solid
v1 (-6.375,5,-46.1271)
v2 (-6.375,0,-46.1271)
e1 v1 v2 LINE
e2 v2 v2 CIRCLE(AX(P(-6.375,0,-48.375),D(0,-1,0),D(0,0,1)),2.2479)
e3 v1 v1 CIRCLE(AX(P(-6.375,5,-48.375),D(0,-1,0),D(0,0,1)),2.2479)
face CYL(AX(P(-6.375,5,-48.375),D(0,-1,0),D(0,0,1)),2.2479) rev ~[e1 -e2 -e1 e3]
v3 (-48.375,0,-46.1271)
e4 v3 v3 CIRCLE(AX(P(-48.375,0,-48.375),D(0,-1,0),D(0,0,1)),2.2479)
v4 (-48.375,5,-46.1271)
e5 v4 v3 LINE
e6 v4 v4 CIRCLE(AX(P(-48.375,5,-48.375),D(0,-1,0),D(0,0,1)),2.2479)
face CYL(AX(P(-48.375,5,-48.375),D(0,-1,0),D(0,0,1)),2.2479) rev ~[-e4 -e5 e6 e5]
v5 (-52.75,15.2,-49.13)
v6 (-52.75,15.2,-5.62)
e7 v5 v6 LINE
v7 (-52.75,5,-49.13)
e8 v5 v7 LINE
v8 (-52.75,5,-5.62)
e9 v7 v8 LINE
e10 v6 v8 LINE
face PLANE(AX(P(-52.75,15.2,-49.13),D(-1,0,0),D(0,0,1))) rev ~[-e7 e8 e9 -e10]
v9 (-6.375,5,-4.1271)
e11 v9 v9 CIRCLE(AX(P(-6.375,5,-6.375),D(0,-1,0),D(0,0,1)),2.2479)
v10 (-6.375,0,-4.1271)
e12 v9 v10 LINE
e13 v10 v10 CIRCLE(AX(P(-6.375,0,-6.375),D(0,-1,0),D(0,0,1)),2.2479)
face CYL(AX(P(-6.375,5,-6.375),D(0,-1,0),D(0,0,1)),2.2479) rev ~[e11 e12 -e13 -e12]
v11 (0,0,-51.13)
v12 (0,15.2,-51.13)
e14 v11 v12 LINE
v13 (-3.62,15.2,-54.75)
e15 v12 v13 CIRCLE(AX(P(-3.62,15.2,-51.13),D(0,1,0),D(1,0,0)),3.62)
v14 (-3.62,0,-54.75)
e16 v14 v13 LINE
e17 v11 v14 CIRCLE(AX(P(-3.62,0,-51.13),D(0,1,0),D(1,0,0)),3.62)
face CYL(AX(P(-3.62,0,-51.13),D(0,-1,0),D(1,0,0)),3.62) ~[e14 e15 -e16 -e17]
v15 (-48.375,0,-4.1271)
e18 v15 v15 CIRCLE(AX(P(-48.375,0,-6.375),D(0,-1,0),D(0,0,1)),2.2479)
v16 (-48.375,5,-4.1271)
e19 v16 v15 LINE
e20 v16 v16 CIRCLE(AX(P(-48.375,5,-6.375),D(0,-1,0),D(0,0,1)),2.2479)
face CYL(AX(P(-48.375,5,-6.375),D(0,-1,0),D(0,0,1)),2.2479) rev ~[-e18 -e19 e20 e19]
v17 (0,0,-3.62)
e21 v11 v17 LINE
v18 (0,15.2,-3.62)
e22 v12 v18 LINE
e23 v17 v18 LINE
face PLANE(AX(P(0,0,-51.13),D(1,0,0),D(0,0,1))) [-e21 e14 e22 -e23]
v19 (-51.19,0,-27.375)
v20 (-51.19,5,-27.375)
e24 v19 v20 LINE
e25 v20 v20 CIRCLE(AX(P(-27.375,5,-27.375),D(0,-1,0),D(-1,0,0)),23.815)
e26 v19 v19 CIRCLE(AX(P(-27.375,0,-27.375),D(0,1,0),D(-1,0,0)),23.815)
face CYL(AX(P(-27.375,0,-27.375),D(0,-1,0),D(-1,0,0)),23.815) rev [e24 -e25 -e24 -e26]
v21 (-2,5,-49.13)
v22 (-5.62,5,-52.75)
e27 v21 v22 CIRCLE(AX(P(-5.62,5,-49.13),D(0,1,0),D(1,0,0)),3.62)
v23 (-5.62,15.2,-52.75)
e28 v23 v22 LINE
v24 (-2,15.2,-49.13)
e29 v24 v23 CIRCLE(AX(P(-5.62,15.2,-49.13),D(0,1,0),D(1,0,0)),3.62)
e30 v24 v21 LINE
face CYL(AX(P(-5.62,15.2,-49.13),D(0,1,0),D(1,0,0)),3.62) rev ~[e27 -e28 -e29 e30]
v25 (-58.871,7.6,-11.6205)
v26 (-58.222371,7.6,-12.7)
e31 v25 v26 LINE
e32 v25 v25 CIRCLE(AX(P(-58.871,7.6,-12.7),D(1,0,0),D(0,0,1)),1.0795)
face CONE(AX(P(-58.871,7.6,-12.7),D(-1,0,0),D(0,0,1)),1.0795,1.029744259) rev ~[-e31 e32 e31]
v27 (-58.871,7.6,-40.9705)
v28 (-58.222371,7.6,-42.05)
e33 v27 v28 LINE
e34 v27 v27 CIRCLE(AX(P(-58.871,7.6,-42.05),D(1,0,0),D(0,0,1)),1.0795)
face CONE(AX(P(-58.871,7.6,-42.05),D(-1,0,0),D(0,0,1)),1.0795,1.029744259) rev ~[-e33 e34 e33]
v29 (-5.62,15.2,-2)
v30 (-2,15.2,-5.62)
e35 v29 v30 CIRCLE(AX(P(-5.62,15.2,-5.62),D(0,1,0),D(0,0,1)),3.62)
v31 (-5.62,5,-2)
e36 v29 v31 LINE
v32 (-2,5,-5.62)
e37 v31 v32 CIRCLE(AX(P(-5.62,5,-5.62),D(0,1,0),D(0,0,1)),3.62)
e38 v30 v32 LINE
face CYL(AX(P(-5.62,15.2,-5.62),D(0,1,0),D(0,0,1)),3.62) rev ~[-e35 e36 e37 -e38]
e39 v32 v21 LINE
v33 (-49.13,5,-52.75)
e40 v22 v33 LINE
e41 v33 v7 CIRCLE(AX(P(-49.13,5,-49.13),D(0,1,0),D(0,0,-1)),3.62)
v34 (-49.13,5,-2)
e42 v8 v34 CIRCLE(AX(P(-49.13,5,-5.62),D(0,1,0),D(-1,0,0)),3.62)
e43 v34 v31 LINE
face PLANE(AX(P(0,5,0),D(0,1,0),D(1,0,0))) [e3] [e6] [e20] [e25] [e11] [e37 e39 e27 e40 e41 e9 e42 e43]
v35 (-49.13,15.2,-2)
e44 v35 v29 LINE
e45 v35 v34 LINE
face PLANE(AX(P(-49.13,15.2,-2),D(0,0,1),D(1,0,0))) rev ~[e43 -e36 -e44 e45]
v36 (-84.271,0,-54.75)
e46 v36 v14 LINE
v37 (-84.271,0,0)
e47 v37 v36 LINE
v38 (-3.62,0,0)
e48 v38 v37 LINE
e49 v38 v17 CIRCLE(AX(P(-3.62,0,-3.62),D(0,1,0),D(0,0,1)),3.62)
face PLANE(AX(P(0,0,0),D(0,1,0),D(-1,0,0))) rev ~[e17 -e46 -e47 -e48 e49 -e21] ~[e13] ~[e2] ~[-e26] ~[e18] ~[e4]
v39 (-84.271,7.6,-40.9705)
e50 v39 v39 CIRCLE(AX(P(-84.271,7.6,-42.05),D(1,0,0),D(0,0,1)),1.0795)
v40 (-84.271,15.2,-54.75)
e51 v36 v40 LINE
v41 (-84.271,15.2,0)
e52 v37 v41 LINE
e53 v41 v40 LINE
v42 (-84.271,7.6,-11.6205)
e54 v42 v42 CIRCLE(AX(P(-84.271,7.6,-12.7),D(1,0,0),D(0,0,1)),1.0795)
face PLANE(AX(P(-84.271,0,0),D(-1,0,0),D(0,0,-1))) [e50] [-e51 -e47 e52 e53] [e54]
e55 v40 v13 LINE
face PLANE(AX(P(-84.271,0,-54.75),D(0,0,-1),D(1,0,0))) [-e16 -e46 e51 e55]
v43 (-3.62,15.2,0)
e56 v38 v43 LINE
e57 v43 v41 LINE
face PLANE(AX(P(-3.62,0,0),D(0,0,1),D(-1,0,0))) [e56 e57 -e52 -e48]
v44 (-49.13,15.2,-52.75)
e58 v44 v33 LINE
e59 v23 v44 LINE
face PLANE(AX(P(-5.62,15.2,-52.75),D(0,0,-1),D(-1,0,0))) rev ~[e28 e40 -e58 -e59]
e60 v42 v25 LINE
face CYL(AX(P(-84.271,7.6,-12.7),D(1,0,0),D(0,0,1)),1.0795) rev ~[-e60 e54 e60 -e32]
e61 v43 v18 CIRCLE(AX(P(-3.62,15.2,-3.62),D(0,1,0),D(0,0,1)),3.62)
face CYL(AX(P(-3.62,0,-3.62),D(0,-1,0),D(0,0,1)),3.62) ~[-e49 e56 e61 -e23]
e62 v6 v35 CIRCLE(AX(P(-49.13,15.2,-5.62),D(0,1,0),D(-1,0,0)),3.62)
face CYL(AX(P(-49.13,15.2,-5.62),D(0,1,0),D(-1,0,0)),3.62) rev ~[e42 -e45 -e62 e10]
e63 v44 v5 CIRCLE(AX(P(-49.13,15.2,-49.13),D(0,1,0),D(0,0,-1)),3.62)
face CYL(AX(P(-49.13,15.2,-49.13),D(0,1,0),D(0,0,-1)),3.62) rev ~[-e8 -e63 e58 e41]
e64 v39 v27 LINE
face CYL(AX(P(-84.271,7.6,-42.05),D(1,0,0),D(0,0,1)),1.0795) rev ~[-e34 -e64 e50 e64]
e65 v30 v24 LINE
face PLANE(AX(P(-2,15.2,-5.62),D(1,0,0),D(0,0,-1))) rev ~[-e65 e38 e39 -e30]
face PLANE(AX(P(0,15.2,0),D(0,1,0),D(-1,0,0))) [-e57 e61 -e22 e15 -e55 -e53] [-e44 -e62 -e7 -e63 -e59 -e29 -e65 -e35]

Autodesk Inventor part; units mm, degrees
ref_plane "YZ Plane" through (0, 0, 0) normal (1, 0, 0) x (0, 1, 0)
ref_plane "XZ Plane" through (0, 0, 0) normal (0, 1, 0) x (-1, 0, 0)
ref_plane "XY Plane" through (0, 0, 0) normal (0, 0, 1) x (1, 0, 0)
sketch "Sketch1" plane through (0, 0, 0) normal (0, 1, 0) x (-1, 0, 0)
  line L0 (3.62, 0) -> (84.271, 0)
  line L1 (84.271, 0) -> (84.271, -54.75)
  line L2 (84.271, -54.75) -> (3.62, -54.75)
  line L3 (0, -51.13) -> (0, -3.62)
  circle A0 centre (27.375, -27.375) radius 23.815
  line L4 (0, -27.375) -> (27.375, -27.375) construction
  line L5 (27.375, -27.375) -> (27.375, 0) construction
  arc A1 (0, -51.13) -> (3.62, -54.75) centre (3.62, -51.13) ccw
  arc A2 (3.62, 0) -> (0, -3.62) centre (3.62, -3.62) ccw
  point P0 (0, 0)
  point P1 (0, -54.75)
  dimension "d0" = 54.75
  dimension "d1" = 84.271
  dimension "d2" = 47.63
  dimension "d3" = 3.62
extrude "Extrusion1" add sketch "Sketch1" along normal blind 15.2
sketch "Sketch2" plane through (0, 15.2, 0) normal (0, 1, 0) x (1, 0, 0)
  line L0 (-49.13, 2) -> (-5.62, 2)
  line L1 (-2, 5.62) -> (-2, 49.13)
  line L2 (-5.62, 52.75) -> (-49.13, 52.75)
  line L3 (-52.75, 49.13) -> (-52.75, 5.62)
  circle A0 centre (-27.375, 27.375) radius 23.815 construction
  line L4 (-52.75, 27.375) -> (-2, 27.375) construction
  arc A1 (-52.75, 5.62) -> (-49.13, 2) centre (-49.13, 5.62) ccw
  arc A2 (-49.13, 52.75) -> (-52.75, 49.13) centre (-49.13, 49.13) ccw
  arc A3 (-2, 49.13) -> (-5.62, 52.75) centre (-5.62, 49.13) ccw
  arc A4 (-5.62, 2) -> (-2, 5.62) centre (-5.62, 5.62) ccw
  point P0 (0, 0)
  point P1 (-52.75, 2)
  point P2 (-52.75, 52.75)
  dimension "d6" = 50.75
  dimension "d7" = 3.62
extrude "Extrusion2" cut sketch "Sketch2" against normal blind 10.2
sketch "Sketch3" plane through (0, 5, 0) normal (0, 1, 0) x (1, 0, 0)
  line L0 (-48.375, 6.375) -> (-6.375, 6.375) construction
  line L1 (-6.375, 6.375) -> (-6.375, 48.375) construction
  line L2 (-6.375, 48.375) -> (-48.375, 48.375) construction
  line L3 (-48.375, 48.375) -> (-48.375, 6.375) construction
  line L4 (-48.375, 27.375) -> (-6.375, 27.375) construction
  circle A0 centre (-27.375, 27.375) radius 23.815 construction
  point P0 (0, 0)
  dimension "d10" = 42
hole "Hole1" at (-48.375, 5, -6.375) at (-48.375, 5, -48.375) at (-6.375, 5, -48.375) at (-6.375, 5, -6.375) direction (0, -1, 0) diameter 4.4958 end through all clearance for "Socket Head Cap Screw" size "M4" standard "Ansi Metric M Profile"
sketch "Sketch4" plane through (-84.271, 0, -54.75) normal (-1, 0, 0) x (0, 0, 1)
  line L0 (0, 0) -> (54.75, 0) construction
  line L1 (54.75, 0) -> (54.75, 15.2) construction
  line L2 (0, 15.2) -> (54.75, 15.2) construction
  line L3 (0, 0) -> (0, 15.2) construction
  line L4 (12.7, 7.6) -> (42.05, 7.6) construction
  line L5 (51.13, 15.2) -> (3.62, 15.2) construction
  line L6 (27.375, 15.2) -> (27.375, 0) construction
  line L7 (51.19, 0) -> (3.56, 0) construction
  point P0 (27.375, 7.6)
  dimension "d18" = 12.7
  dimension "Bracket_Hole_Spacing" = 29.35
hole "Hole2" at (-84.271, 7.6, -42.05) at (-84.271, 7.6, -12.7) direction (1, 0, 0) diameter 2.159 depth 25.4 tip angle 118
equation "\"d1\" = Compressor_Center_Offset + 0.5 * d0"
equation "\"d2\" = Fan_ID"
equation "\"d3\" = Fan_Corner_Radius"
equation "\"d7\" = Fan_Corner_Radius"
equation "\"d8\" = Fan_Thickness"
equation "\"d10\" = Fan_Hole_Spacing"
equation "\"Compressor_Center_Offset\" = 56.896"
equation "\"Fan_ID\" = 47.63"
equation "\"Fan_Corner_Radius\" = 3.62"
equation "\"Fan_Thickness\" = 10.2"
equation "\"Fan_Hole_Spacing\" = 42"
properties part number "Fan_Bracket" material "ABS Plastic"
